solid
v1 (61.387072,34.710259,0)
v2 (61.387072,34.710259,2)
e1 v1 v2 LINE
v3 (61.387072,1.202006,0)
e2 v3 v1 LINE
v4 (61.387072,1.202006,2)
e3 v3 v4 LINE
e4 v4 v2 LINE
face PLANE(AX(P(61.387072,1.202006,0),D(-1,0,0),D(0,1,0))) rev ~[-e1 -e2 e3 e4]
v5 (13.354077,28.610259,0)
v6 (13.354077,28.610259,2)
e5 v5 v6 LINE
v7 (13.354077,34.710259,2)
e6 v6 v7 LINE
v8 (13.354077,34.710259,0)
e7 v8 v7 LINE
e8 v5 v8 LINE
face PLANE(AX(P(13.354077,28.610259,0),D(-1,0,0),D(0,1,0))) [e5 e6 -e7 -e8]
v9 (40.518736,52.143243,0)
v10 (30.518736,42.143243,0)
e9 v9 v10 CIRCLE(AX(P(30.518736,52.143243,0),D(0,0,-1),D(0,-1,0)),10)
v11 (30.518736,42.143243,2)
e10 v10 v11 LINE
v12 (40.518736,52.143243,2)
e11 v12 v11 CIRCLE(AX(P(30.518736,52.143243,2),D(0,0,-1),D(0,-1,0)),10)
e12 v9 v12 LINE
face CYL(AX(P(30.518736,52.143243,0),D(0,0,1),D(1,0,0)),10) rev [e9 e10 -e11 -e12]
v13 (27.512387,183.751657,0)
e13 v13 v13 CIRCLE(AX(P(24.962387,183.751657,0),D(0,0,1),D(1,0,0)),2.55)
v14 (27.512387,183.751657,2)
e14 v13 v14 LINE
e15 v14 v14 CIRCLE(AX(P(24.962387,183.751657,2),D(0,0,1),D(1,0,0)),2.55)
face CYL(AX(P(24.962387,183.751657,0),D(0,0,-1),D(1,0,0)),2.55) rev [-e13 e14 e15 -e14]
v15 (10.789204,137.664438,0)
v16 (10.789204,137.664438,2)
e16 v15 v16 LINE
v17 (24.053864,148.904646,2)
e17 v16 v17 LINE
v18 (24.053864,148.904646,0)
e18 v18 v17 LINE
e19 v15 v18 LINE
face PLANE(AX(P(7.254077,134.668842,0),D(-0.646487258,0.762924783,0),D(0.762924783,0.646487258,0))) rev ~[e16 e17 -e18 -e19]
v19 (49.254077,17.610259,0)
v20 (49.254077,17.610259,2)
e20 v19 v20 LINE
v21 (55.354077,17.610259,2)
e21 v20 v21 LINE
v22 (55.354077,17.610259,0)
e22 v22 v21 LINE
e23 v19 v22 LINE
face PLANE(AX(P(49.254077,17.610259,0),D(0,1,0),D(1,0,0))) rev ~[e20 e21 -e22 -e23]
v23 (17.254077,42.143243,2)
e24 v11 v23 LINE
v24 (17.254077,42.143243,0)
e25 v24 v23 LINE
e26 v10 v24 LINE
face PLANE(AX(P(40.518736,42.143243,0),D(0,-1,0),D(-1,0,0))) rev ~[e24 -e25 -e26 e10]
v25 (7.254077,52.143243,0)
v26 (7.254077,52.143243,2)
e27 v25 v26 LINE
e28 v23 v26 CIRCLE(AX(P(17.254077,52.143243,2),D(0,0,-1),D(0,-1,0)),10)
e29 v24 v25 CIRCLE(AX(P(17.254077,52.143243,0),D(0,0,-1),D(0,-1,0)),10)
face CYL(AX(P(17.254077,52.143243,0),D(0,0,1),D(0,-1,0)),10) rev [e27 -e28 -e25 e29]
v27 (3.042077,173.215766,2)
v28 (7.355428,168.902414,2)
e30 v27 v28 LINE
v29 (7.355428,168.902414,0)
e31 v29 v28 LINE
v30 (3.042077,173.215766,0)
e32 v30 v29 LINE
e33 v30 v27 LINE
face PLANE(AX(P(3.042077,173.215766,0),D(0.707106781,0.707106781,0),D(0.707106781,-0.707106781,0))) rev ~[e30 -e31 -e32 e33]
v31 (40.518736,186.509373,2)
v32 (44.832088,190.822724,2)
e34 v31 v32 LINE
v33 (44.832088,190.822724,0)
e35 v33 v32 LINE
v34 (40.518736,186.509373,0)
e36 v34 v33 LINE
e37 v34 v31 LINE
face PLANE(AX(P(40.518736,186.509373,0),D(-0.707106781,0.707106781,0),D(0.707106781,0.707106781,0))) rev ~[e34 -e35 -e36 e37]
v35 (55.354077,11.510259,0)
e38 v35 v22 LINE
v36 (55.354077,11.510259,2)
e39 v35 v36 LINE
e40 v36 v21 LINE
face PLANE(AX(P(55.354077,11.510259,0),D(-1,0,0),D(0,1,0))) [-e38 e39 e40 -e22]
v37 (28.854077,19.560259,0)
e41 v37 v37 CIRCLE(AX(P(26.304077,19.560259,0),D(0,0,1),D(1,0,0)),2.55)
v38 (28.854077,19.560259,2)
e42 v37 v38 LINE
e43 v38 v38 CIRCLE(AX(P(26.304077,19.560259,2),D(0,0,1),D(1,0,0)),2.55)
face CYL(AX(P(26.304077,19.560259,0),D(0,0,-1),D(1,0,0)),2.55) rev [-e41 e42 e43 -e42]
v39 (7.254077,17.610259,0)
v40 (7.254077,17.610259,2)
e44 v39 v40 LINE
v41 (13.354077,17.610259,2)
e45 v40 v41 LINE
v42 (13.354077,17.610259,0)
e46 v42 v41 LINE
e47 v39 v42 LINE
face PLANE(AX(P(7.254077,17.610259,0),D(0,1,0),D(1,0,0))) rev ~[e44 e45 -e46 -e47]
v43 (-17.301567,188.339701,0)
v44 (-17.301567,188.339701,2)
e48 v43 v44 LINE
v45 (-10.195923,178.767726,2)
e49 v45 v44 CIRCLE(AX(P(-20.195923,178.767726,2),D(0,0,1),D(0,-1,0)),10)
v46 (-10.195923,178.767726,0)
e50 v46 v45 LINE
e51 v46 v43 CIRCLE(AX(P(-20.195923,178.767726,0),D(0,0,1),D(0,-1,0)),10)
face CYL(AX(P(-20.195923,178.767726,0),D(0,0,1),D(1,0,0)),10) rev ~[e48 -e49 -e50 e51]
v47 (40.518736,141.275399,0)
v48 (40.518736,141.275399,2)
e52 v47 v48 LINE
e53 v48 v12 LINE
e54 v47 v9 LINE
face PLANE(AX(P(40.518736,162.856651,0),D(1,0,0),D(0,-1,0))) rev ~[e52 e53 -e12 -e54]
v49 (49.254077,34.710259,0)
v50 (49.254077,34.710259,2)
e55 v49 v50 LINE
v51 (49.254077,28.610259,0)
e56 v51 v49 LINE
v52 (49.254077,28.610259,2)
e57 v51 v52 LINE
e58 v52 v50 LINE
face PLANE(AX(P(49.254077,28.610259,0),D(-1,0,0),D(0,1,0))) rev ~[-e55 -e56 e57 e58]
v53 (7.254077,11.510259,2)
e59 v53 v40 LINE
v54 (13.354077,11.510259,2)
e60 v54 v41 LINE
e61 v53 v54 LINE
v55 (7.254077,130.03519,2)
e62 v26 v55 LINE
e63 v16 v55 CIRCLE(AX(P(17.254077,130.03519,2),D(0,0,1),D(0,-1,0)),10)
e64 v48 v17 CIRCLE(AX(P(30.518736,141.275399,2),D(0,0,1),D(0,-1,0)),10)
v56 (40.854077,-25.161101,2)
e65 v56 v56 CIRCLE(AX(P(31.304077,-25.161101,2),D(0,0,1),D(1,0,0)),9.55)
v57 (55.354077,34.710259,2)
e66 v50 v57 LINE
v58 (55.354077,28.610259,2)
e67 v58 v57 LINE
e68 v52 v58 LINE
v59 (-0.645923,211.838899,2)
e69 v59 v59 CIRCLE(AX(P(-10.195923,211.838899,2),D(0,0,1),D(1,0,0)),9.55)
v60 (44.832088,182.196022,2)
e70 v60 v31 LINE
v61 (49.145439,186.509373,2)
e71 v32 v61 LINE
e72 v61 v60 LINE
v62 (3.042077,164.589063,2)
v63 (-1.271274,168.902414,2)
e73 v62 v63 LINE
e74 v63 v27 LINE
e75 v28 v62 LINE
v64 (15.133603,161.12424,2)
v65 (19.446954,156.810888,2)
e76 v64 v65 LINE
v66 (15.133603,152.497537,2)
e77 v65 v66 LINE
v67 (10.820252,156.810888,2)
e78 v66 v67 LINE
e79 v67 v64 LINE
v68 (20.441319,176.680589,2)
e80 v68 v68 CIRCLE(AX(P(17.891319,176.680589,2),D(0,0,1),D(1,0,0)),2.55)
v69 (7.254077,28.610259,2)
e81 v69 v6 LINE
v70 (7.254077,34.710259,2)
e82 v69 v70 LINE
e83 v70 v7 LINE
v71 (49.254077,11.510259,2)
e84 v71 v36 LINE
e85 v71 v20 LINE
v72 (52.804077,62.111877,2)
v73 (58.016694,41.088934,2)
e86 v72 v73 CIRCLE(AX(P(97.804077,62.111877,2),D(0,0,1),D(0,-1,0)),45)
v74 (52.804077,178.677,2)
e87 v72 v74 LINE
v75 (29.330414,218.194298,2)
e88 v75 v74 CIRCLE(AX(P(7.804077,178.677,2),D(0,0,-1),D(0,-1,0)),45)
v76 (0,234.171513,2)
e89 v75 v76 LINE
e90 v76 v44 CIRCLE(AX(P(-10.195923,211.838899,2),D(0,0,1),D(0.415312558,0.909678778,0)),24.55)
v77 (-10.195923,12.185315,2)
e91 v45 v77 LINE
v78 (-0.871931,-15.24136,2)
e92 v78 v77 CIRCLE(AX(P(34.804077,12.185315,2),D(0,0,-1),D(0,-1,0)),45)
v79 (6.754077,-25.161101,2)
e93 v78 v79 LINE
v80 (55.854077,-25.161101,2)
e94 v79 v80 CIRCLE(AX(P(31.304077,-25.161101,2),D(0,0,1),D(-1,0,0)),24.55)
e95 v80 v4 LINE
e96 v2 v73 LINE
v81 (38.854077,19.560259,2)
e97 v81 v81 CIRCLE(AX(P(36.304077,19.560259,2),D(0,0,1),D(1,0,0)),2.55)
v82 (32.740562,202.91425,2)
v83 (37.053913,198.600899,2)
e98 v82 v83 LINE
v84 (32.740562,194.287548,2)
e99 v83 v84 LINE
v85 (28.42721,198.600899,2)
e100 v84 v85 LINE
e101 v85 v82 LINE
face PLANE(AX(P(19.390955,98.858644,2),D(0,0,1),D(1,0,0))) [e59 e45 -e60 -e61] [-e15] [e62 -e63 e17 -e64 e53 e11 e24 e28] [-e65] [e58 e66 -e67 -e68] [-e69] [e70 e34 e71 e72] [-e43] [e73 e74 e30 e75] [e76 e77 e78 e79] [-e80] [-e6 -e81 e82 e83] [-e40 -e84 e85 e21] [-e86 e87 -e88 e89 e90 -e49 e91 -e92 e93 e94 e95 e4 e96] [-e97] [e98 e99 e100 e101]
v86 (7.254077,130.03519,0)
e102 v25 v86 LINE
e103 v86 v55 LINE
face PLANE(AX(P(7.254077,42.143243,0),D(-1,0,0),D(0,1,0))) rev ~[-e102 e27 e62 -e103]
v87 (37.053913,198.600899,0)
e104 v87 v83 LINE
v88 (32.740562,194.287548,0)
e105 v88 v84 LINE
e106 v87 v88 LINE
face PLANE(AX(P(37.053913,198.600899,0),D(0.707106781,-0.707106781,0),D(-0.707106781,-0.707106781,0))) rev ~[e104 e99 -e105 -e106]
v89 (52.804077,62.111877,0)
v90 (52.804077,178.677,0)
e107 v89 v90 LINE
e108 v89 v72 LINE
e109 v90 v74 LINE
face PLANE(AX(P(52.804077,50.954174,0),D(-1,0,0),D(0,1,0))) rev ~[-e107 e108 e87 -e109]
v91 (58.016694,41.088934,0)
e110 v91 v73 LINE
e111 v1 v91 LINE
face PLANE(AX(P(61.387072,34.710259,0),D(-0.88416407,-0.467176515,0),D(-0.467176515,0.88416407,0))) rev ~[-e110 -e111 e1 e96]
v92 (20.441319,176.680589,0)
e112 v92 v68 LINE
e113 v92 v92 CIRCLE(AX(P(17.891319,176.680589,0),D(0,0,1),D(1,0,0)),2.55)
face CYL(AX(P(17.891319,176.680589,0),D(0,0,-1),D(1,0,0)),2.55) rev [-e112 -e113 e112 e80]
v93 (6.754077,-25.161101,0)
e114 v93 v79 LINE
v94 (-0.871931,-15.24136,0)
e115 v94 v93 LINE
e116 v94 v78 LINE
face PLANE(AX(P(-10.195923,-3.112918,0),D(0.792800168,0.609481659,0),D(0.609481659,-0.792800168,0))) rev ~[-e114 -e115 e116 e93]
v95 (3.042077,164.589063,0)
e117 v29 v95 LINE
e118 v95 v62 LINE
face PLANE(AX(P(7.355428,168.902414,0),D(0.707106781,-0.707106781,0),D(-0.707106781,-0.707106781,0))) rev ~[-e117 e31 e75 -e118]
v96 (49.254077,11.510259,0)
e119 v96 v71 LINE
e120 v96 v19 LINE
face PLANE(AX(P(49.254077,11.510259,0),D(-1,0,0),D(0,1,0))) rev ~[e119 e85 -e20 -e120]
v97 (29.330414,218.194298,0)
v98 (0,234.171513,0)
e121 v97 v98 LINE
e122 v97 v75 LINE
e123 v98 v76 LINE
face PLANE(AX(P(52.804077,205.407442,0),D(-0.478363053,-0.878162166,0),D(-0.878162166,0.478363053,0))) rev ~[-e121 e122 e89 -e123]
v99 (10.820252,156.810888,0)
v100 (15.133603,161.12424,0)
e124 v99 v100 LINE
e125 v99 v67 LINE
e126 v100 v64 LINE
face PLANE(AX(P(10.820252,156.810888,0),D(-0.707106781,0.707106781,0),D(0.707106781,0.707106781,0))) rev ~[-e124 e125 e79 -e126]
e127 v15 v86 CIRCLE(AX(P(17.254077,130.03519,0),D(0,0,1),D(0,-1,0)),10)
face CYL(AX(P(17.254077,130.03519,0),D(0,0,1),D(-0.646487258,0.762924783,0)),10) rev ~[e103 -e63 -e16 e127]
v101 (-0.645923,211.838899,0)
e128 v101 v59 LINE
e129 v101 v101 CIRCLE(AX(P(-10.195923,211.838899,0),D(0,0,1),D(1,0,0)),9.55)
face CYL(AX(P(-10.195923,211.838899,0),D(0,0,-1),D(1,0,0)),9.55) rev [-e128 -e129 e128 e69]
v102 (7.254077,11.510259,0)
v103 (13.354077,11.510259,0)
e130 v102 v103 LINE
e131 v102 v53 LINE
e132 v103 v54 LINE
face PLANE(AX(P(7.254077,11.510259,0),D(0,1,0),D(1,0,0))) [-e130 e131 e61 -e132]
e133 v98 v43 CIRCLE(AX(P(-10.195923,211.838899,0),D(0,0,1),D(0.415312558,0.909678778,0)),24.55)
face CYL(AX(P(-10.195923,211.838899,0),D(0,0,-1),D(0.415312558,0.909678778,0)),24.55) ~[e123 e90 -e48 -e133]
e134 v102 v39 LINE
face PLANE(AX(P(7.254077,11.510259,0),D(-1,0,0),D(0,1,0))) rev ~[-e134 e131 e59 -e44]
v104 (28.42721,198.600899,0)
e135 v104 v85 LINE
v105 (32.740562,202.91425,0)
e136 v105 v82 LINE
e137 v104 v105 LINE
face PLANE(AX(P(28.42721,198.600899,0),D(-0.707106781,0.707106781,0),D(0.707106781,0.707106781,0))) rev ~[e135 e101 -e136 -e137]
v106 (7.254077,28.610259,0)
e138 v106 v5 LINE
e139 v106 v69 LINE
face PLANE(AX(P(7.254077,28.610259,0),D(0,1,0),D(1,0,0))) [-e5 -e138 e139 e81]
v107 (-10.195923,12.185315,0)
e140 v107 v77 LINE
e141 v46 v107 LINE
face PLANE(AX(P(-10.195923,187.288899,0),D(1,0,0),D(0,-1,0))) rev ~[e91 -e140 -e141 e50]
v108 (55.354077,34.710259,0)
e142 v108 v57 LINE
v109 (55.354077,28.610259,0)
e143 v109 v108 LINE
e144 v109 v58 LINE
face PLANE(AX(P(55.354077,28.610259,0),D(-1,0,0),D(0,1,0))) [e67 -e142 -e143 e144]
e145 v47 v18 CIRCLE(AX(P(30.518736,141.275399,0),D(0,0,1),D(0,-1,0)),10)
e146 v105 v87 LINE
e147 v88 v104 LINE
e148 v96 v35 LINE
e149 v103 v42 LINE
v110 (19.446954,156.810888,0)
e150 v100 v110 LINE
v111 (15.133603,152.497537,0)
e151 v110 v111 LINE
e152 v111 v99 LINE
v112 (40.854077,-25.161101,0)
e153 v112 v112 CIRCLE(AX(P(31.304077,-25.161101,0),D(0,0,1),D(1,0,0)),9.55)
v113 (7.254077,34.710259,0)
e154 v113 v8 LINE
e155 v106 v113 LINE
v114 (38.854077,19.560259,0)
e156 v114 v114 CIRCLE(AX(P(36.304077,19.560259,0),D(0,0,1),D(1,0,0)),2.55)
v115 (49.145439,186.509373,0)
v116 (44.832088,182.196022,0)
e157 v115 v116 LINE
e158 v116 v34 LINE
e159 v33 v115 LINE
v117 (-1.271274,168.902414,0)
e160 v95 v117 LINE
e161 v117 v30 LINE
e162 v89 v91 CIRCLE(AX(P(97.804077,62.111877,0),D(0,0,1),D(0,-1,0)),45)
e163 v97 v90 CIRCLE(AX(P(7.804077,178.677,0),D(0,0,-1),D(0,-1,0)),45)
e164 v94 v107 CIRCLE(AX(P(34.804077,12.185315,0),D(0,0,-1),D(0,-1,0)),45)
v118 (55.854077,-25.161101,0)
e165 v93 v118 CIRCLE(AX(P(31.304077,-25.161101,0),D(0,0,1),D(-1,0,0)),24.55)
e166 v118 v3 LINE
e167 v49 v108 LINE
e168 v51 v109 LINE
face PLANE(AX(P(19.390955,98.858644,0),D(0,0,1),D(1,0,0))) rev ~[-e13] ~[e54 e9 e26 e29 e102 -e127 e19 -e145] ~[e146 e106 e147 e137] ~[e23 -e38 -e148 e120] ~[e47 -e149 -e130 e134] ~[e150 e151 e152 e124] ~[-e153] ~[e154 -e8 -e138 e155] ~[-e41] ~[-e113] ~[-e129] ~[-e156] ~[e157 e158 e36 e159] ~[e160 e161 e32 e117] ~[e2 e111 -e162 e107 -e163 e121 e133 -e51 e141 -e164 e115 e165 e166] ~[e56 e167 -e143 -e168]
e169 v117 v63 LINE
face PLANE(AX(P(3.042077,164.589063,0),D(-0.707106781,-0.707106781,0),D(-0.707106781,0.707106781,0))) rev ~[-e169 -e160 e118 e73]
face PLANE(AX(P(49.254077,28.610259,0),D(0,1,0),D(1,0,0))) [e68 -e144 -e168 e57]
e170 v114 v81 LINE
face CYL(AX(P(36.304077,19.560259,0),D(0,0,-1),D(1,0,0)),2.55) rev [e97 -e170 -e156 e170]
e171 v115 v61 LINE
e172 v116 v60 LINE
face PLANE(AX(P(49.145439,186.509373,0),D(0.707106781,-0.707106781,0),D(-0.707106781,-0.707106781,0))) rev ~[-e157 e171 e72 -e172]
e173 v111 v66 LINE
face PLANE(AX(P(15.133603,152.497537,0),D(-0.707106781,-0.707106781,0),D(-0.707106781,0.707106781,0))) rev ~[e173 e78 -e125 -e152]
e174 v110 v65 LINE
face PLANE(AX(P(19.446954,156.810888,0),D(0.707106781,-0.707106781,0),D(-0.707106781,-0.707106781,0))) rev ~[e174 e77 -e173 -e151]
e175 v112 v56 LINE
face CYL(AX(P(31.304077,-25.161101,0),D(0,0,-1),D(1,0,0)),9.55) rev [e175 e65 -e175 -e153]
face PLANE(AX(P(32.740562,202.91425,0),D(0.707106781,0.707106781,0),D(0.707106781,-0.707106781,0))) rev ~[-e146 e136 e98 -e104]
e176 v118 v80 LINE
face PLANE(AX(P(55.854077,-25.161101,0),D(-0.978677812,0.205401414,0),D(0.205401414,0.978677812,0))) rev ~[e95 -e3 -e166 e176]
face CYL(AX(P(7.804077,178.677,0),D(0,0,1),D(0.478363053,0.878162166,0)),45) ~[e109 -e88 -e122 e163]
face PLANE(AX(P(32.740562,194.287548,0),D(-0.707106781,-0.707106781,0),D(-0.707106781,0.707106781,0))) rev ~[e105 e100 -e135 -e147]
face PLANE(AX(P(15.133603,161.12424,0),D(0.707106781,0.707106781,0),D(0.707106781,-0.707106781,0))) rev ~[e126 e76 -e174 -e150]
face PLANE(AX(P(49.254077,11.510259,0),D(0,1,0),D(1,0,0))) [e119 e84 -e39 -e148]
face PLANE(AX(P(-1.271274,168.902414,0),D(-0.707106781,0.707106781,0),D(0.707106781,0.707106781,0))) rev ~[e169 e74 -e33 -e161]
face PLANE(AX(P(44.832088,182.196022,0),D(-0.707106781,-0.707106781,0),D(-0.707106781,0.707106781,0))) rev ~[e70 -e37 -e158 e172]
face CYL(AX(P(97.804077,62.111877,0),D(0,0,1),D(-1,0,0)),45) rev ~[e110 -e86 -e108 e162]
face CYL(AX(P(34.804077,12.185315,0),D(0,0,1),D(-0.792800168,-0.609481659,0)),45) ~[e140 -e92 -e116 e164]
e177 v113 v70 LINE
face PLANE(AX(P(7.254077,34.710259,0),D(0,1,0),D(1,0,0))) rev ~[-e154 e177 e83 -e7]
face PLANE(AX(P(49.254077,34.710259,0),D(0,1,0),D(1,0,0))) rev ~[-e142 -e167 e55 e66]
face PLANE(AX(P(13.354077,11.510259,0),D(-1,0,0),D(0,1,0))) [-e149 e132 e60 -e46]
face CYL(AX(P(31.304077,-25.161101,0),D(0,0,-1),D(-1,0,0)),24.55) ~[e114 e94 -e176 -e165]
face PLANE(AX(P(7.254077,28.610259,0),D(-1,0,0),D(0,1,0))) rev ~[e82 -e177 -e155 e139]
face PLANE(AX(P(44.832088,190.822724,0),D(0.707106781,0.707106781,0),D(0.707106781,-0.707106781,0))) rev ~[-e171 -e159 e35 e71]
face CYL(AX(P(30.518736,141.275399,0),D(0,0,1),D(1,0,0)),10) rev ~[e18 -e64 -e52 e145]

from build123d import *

# Parameters (mm, degrees)
SKETCH_1_W      = 6.1
SKETCH_1_H      = 6.1
SKETCH_1_R      = 9.55
SKETCH_1_R_2    = 2.55
EXTRUDE_2_DEPTH = 2
FILLET_1_R      = 45
FILLET_2_R      = 10


with BuildPart() as part:
    # 草图1 → 凸台-拉伸2 (new body)
    with BuildSketch(Plane.XY):
        with BuildLine():
            Line((-10.195923298, 166.045688989), (-10.195923298, 93.338899377))
            Line((-10.195923298, 93.338899377), (-10.195923298, -3.112918115))
            Line((-10.195923298, -3.112918115), (6.754076702, -25.161100623))
            ThreePointArc((6.754076702, -25.161100623), (31.304076702, -49.711100623), (55.854076702, -25.161100623))
            Line((55.854076702, -25.161100623), (61.387071712, 1.202006387))
            Line((61.387071712, 1.202006387), (61.387071712, 34.710258927))
            Line((61.387071712, 34.710258927), (52.804076702, 50.954174352))
            Line((52.804076702, 50.954174352), (52.804076702, 93.338899377))
            Line((52.804076702, 93.338899377), (52.804076702, 205.407441872))
            Line((52.804076702, 205.407441872), (0, 234.171513377))
            ThreePointArc((0, 234.171513377), (-34.1851727, 217.056026281), (-10.195923298, 187.288899377))
            Line((-10.195923298, 187.288899377), (-10.195923298, 166.045688989))
        make_face()
        with Locations((10.304076702, 14.560258927)):
            Rectangle(SKETCH_1_W, SKETCH_1_H, mode=Mode.SUBTRACT)
        with Locations((10.304076702, 31.660258927)):
            Rectangle(SKETCH_1_W, SKETCH_1_H, mode=Mode.SUBTRACT)
        with Locations((31.304076702, -25.161100623)):
            Circle(SKETCH_1_R, mode=Mode.SUBTRACT)
        with Locations((26.304076702, 19.560258927)):
            Circle(SKETCH_1_R_2, mode=Mode.SUBTRACT)
        with Locations((36.304076702, 19.560258927)):
            Circle(SKETCH_1_R_2, mode=Mode.SUBTRACT)
        with Locations((52.304076702, 14.560258927)):
            Rectangle(SKETCH_1_W, SKETCH_1_H, mode=Mode.SUBTRACT)
        with Locations((52.304076702, 31.660258927)):
            Rectangle(SKETCH_1_W, SKETCH_1_H, mode=Mode.SUBTRACT)
        Polygon((7.355428358, 168.902414276), (3.042076993, 164.589062911), (-1.271274372, 168.902414276), (3.042076993, 173.215765641), align=None, mode=Mode.SUBTRACT)
        with Locations((-10.195923298, 211.838899377)):
            Circle(SKETCH_1_R, mode=Mode.SUBTRACT)
        Polygon((40.518736396, 42.143243143), (7.254076702, 42.143243143), (7.254076702, 134.668841545), (40.518736396, 162.856651297), align=None, mode=Mode.SUBTRACT)
        Polygon((19.446954316, 156.810888318), (15.133602951, 152.497536952), (10.820251586, 156.810888318), (15.133602951, 161.124239683), align=None, mode=Mode.SUBTRACT)
        with Locations((17.891319398, 176.680588869)):
            Circle(SKETCH_1_R_2, mode=Mode.SUBTRACT)
        with Locations((24.96238721, 183.751656681)):
            Circle(SKETCH_1_R_2, mode=Mode.SUBTRACT)
        Polygon((32.740561803, 202.914250451), (37.053913168, 198.600899086), (32.740561803, 194.28754772), (28.427210437, 198.600899086), align=None, mode=Mode.SUBTRACT)
        Polygon((49.145439126, 186.509373127), (44.832087761, 182.196021762), (40.518736396, 186.509373127), (44.832087761, 190.822724493), align=None, mode=Mode.SUBTRACT)
    extrude(amount=EXTRUDE_2_DEPTH)

    # 圆角1
    fillet_1_edges = [part.edges().sort_by_distance(p)[0] for p in [
        (52.804076702, 205.407441872, 1),
        (52.804076702, 50.954174352, 1),
        (-10.195923298, -3.112918115, 1),
    ]]
    fillet(fillet_1_edges, radius=FILLET_1_R)

    # 圆角2
    fillet_2_edges = [part.edges().sort_by_distance(p)[0] for p in [
        (40.518736396, 162.856651297, 1),
        (7.254076702, 134.668841545, 1),
        (7.254076702, 42.143243143, 1),
        (40.518736396, 42.143243143, 1),
        (-10.195923298, 187.288899377, 1),
    ]]
    fillet(fillet_2_edges, radius=FILLET_2_R)


solid = part.part
